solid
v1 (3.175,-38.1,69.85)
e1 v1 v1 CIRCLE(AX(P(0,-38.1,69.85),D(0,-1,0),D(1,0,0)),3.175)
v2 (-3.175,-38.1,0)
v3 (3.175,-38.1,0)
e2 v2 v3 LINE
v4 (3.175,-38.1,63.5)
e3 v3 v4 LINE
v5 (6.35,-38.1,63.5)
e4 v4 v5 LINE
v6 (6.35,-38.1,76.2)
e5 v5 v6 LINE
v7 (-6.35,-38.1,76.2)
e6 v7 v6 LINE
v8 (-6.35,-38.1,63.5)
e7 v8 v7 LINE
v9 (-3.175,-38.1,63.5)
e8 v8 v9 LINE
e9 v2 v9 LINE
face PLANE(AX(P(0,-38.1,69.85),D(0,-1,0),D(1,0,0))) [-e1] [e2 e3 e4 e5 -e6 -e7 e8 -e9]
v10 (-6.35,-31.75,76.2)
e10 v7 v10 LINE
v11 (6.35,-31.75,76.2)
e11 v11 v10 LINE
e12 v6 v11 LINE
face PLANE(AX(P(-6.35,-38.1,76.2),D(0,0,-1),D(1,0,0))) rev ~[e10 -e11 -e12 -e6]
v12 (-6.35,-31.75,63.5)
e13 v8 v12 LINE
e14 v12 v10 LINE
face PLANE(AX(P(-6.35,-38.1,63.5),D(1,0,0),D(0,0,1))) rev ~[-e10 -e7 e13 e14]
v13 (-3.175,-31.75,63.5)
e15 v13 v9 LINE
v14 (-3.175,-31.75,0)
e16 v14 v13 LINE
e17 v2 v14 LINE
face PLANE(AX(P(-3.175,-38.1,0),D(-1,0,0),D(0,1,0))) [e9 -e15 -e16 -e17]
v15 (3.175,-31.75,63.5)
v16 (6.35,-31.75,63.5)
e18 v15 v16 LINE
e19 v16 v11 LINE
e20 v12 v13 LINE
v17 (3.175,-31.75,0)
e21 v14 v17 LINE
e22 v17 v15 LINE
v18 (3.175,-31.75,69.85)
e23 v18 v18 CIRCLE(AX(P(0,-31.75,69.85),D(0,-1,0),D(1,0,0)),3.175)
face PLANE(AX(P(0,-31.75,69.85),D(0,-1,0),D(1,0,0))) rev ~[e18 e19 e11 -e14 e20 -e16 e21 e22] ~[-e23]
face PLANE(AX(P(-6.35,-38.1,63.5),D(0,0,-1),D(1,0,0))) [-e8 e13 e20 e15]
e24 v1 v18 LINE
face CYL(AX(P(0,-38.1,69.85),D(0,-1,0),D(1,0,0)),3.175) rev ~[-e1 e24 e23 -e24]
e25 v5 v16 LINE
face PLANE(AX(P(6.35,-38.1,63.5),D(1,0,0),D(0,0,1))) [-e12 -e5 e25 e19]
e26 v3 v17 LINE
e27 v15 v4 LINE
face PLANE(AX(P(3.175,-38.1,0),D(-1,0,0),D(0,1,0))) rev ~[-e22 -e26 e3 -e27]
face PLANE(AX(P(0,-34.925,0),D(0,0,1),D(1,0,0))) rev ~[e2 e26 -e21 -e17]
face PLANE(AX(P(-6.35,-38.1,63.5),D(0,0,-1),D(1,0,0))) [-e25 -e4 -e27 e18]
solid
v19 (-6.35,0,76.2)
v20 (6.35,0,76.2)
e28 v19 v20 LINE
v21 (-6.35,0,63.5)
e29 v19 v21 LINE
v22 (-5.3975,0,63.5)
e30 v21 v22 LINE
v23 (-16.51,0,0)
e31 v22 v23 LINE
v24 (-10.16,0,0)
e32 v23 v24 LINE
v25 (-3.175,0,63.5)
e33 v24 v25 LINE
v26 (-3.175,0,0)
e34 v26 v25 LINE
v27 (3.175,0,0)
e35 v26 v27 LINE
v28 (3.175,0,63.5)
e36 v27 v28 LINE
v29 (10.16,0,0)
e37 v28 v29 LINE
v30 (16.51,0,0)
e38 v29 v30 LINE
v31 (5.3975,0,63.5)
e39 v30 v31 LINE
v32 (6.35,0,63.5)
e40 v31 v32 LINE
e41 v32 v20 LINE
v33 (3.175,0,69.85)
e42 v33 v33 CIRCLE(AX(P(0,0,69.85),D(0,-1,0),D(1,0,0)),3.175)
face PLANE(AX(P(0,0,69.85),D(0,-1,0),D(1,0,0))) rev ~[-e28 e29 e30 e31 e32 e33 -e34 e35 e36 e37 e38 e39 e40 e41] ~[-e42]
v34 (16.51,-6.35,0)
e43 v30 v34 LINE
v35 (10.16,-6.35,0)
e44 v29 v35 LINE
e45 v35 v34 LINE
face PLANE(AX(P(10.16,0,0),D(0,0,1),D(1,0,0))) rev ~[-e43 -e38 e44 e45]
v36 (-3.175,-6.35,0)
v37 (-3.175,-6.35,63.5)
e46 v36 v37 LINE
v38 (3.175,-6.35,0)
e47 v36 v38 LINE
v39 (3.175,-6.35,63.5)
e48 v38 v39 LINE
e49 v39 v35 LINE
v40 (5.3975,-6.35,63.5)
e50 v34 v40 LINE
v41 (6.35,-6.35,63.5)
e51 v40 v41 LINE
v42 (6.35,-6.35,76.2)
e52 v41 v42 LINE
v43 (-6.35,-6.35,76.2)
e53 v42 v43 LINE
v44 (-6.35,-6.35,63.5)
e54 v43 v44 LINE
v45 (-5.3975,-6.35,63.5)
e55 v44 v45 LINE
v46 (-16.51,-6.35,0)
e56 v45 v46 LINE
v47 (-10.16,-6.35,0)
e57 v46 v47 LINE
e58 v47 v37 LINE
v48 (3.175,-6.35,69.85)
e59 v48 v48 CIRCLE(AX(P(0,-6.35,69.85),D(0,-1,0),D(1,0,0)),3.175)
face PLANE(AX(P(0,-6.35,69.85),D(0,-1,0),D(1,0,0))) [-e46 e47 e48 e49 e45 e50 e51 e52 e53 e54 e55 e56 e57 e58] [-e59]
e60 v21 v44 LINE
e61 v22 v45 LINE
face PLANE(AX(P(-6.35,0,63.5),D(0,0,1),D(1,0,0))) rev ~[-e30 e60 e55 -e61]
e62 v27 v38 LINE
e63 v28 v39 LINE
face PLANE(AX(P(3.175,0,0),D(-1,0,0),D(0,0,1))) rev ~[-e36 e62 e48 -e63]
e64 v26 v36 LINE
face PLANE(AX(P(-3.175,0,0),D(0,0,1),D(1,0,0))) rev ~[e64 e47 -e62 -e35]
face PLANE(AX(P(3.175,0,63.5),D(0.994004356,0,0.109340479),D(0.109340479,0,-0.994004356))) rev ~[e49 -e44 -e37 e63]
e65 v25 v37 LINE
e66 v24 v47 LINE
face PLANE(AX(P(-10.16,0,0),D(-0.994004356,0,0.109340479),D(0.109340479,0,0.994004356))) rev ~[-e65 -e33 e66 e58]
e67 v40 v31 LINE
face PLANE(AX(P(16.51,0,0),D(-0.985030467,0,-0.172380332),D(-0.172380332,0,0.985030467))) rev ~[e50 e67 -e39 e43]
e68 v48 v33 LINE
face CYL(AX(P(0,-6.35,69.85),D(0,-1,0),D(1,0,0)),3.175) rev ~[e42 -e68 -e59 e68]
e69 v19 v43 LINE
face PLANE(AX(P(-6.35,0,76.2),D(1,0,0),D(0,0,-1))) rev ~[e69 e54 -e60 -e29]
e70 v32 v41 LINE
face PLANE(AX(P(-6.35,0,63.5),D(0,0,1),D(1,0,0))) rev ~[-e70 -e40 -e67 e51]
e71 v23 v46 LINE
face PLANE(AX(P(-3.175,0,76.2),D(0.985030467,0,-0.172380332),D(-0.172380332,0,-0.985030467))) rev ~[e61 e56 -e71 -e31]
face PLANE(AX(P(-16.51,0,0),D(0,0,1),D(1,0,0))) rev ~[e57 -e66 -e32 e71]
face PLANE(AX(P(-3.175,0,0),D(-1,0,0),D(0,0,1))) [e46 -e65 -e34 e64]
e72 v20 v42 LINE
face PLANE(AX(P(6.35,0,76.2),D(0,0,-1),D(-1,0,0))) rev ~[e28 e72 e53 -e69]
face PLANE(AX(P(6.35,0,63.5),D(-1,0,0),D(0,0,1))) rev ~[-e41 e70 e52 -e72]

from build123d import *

# Parameters (mm, degrees)
F0_W      = 6.35
F0_H      = 76.2
F1_DEPTH  = 6.35
F3_DEPTH  = 6.35
F5_DEPTH  = 6.35
F6_R      = 3.175
F7_DEPTH  = 25.4
F8_W      = 6.35
F8_H      = 6.35
F9_DEPTH  = 76.2
F10_W     = 12.7
F10_H     = 12.7
F10_R     = 3.175
F11_DEPTH = 6.35
F12_R     = 3.175
F13_DEPTH = 25.4


with BuildPart() as f1:
    # F0 (on Front) → F1 (new body)
    with BuildSketch(Plane.XZ):
        with Locations((0, 38.1)):
            Rectangle(F0_W, F0_H)
    extrude(amount=F1_DEPTH)

    # F2 (on Front) → F3 (join)
    with BuildSketch(Plane.XZ):
        Polygon((-3.175, 63.5), (-3.175, 76.2), (-16.51, 0), (-10.16, 0), align=None)
        Polygon((16.51, 0), (3.175, 76.2), (3.175, 63.5), (10.16, 0), align=None)
    extrude(amount=F3_DEPTH)

    # F4 (on Front) → F5 (join)
    with BuildSketch(Plane.XZ):
        Polygon((-6.35, 63.5), (0, 63.5), (6.35, 63.5), (6.35, 76.2), (3.175, 76.2), (-3.175, 76.2), (-6.35, 76.2), align=None)
    extrude(amount=F5_DEPTH)

    # F6 (on face) → F7 (cut)
    with BuildSketch(Plane.XZ.offset(6.35)):
        with Locations((0, 69.85)):
            Circle(F6_R)
    extrude(amount=-F7_DEPTH, mode=Mode.SUBTRACT)


with BuildPart() as f9:
    # F8 (on Top) → F9 (new body)
    with BuildSketch(Plane.XY):
        with Locations((0, -34.925)):
            Rectangle(F8_W, F8_H)
    extrude(amount=F9_DEPTH)

    # F10 (on face) → F11 (join)
    with BuildSketch(Plane.XZ.offset(38.1)):
        with Locations((0, 69.85)):
            Rectangle(F10_W, F10_H)
        with Locations((0, 69.85)):
            Circle(F10_R, mode=Mode.SUBTRACT)
    extrude(amount=-F11_DEPTH)

    # F12 (on face) → F13 (cut)
    with BuildSketch(Plane.XZ.offset(38.1)):
        with Locations((0, 69.85)):
            Circle(F12_R)
    extrude(amount=-F13_DEPTH, mode=Mode.SUBTRACT)


solid = Compound([f1.part, f9.part])
